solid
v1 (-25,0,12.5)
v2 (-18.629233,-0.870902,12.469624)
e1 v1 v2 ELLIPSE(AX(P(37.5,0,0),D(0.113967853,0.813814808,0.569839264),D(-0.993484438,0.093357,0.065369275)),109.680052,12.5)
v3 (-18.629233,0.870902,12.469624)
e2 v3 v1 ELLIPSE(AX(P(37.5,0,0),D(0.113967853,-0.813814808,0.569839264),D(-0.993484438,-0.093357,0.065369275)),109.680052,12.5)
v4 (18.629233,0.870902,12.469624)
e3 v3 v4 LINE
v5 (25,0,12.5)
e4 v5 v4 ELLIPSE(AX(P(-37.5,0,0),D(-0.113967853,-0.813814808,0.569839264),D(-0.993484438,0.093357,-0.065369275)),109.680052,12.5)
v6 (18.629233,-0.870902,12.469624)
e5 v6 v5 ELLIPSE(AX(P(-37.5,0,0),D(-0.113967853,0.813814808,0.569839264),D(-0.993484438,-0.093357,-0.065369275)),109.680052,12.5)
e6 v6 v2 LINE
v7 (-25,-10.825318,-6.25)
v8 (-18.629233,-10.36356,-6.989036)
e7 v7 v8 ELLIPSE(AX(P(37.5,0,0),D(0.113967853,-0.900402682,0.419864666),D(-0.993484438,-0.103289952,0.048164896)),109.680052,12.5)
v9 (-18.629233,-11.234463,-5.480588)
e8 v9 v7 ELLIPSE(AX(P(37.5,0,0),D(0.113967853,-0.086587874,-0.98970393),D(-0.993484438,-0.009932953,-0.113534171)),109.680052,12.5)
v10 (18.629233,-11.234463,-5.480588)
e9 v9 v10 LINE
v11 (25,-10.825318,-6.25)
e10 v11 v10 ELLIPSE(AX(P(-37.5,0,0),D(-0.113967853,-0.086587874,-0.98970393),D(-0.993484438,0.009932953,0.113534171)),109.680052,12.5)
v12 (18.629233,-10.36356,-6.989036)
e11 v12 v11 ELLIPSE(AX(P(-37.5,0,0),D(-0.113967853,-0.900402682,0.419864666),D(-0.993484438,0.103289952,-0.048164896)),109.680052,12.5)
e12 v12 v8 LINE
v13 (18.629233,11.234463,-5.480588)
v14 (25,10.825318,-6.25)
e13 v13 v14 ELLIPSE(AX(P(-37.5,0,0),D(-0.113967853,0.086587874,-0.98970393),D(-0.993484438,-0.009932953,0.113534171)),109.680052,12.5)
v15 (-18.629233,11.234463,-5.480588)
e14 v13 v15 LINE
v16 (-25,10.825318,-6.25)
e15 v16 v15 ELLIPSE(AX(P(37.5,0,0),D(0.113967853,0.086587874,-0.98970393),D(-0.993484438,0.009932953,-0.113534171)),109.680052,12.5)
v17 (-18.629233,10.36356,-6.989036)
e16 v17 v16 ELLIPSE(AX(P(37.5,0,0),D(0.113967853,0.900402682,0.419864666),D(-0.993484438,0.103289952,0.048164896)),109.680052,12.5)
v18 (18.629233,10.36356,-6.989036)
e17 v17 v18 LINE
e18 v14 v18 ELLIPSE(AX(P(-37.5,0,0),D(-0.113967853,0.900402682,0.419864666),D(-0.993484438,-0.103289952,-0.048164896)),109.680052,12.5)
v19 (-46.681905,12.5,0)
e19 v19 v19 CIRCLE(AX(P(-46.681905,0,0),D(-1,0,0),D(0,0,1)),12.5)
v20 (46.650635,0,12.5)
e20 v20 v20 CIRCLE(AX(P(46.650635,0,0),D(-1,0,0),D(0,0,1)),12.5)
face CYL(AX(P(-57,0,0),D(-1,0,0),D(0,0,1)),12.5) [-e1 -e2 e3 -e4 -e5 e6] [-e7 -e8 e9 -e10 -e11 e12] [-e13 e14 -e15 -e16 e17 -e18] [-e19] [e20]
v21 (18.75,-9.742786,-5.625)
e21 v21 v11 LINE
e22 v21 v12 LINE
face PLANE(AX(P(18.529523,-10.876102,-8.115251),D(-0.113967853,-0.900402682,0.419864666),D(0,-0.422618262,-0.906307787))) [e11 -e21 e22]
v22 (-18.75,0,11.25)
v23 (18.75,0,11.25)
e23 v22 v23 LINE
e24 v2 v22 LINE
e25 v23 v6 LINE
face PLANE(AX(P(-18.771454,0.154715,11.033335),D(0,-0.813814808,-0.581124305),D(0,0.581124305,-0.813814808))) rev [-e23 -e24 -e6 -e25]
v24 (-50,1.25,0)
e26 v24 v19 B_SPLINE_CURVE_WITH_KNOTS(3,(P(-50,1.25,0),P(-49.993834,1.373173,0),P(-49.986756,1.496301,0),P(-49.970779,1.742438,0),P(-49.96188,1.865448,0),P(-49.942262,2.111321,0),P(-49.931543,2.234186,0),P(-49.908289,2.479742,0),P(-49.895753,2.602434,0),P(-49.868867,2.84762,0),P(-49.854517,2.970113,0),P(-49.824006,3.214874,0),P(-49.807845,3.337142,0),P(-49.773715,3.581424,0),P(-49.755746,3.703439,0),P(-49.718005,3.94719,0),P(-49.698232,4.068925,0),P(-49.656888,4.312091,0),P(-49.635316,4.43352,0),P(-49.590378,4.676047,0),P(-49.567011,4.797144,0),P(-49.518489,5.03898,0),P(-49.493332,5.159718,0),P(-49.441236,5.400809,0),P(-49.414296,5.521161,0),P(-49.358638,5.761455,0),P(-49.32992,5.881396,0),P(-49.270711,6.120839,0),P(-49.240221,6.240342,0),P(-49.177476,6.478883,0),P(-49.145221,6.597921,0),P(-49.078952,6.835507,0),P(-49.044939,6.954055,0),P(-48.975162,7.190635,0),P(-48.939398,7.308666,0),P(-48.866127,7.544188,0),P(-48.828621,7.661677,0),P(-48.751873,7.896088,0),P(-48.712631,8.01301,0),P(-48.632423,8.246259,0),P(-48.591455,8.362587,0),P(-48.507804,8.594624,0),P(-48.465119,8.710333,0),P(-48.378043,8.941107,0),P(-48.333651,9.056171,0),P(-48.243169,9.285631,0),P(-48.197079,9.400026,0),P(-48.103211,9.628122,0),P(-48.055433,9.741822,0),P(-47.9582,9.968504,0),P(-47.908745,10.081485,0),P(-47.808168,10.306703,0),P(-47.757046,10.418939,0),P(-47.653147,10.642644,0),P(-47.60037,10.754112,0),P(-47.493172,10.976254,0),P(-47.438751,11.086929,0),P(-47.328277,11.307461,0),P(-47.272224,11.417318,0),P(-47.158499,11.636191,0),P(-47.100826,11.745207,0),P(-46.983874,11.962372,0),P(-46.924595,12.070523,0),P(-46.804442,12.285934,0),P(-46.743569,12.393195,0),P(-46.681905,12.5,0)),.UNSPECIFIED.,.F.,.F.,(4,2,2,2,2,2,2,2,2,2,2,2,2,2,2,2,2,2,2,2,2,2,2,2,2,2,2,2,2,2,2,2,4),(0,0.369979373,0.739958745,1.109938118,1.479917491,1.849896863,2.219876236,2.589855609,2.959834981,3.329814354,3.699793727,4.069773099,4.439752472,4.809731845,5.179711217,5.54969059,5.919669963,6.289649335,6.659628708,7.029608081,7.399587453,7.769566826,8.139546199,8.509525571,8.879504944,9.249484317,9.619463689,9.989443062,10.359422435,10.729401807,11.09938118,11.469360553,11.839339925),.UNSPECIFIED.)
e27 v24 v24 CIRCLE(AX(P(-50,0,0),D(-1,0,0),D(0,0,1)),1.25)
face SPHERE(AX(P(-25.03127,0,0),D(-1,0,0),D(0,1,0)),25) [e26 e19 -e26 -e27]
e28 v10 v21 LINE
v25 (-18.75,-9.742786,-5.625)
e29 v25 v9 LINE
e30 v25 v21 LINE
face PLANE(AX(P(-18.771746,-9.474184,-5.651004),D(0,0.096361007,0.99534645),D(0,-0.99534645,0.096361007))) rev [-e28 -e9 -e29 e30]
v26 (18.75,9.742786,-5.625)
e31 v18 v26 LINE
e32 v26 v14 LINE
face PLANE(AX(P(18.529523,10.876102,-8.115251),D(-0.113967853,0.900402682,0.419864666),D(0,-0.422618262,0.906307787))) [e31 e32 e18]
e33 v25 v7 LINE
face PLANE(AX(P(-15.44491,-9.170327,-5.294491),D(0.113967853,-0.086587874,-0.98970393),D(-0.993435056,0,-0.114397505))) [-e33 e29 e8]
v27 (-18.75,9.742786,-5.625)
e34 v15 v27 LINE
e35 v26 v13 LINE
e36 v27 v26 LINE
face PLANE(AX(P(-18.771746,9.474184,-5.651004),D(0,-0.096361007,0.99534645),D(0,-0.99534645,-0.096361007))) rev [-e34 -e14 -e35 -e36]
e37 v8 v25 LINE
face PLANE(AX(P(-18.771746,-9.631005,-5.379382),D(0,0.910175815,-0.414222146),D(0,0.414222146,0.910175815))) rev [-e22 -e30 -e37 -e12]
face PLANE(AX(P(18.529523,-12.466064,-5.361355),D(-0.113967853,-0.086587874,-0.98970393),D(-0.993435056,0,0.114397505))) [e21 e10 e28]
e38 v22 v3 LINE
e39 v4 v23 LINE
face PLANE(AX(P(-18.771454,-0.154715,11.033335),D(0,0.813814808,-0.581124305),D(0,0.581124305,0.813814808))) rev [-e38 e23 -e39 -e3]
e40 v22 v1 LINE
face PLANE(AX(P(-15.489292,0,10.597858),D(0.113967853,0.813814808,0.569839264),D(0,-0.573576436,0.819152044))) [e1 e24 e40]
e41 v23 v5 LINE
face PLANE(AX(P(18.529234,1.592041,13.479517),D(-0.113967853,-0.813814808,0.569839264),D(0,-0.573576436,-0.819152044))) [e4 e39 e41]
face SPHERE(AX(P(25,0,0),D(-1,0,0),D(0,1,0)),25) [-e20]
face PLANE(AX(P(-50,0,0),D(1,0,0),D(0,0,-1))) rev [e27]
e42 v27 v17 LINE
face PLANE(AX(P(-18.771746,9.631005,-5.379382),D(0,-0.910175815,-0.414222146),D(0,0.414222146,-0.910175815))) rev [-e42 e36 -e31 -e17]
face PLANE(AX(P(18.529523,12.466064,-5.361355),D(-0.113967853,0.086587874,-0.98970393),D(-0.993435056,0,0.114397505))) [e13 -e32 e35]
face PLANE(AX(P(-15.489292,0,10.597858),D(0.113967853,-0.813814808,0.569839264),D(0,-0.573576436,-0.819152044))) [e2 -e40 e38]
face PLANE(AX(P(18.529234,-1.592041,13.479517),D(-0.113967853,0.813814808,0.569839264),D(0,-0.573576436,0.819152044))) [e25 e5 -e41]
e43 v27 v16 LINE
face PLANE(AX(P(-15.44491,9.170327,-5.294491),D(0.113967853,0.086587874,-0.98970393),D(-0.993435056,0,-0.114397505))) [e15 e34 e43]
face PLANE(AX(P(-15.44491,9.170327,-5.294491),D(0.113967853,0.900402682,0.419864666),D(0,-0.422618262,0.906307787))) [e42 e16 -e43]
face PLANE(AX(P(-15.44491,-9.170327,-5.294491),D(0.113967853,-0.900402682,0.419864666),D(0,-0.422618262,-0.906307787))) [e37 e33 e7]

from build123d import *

# Parameters (mm, degrees)
CIRPATTERN2_COUNT = 3


with BuildPart() as part:
    # Sketch1 → Base-Revolve (revolve)
    with BuildSketch(Plane.XY):
        with BuildLine():
            Line((-50, 0), (-50, 1.25))
            ThreePointArc((-50, 1.25), (-49.010050505, 7.072345027), (-46.68190465, 12.5))
            Line((-46.68190465, 12.5), (46.650635095, 12.5))
            ThreePointArc((46.650635095, 12.5), (49.148145657, 6.470476128), (50, 0))
            Line((50, 0), (-50, 0))
        make_face()
    revolve(axis=Axis((-57, 0, 0), (1, 0, 0)))

    # Cut-Sweep3: sweep along a path in Sketch3
    with BuildLine(Plane(origin=(0, 0, 0), x_dir=(1, 0, 0), z_dir=(0, 1, 0))) as cut_sweep3_path:
        Line((-25, -12.5), (-18.75, -11.25))
        Line((-18.75, -11.25), (18.75, -11.25))
        Line((18.75, -11.25), (25, -12.5))
    # Sketch4 → Cut-Sweep3 (sweep, cut)
    with BuildSketch(Plane(origin=(-25, 0, 0), x_dir=(0, 0, -1), z_dir=(1, 0, 0))):
        Polygon((-12.5, 0), (-14.378358908, 1.315241067), (-14.378358908, -1.315241067), align=None)
    cut_sweep3 = sweep(path=cut_sweep3_path.line, transition=Transition.RIGHT, mode=Mode.SUBTRACT)

    # CirPattern2: Cut-Sweep3 ×3 about axis
    cirpattern2_axis = Axis((0, 0, 0), (1, 0, 0))
    for i in range(1, CIRPATTERN2_COUNT):
        add(cut_sweep3.rotate(cirpattern2_axis, i * 360 / CIRPATTERN2_COUNT), mode=Mode.SUBTRACT)


solid = part.part
